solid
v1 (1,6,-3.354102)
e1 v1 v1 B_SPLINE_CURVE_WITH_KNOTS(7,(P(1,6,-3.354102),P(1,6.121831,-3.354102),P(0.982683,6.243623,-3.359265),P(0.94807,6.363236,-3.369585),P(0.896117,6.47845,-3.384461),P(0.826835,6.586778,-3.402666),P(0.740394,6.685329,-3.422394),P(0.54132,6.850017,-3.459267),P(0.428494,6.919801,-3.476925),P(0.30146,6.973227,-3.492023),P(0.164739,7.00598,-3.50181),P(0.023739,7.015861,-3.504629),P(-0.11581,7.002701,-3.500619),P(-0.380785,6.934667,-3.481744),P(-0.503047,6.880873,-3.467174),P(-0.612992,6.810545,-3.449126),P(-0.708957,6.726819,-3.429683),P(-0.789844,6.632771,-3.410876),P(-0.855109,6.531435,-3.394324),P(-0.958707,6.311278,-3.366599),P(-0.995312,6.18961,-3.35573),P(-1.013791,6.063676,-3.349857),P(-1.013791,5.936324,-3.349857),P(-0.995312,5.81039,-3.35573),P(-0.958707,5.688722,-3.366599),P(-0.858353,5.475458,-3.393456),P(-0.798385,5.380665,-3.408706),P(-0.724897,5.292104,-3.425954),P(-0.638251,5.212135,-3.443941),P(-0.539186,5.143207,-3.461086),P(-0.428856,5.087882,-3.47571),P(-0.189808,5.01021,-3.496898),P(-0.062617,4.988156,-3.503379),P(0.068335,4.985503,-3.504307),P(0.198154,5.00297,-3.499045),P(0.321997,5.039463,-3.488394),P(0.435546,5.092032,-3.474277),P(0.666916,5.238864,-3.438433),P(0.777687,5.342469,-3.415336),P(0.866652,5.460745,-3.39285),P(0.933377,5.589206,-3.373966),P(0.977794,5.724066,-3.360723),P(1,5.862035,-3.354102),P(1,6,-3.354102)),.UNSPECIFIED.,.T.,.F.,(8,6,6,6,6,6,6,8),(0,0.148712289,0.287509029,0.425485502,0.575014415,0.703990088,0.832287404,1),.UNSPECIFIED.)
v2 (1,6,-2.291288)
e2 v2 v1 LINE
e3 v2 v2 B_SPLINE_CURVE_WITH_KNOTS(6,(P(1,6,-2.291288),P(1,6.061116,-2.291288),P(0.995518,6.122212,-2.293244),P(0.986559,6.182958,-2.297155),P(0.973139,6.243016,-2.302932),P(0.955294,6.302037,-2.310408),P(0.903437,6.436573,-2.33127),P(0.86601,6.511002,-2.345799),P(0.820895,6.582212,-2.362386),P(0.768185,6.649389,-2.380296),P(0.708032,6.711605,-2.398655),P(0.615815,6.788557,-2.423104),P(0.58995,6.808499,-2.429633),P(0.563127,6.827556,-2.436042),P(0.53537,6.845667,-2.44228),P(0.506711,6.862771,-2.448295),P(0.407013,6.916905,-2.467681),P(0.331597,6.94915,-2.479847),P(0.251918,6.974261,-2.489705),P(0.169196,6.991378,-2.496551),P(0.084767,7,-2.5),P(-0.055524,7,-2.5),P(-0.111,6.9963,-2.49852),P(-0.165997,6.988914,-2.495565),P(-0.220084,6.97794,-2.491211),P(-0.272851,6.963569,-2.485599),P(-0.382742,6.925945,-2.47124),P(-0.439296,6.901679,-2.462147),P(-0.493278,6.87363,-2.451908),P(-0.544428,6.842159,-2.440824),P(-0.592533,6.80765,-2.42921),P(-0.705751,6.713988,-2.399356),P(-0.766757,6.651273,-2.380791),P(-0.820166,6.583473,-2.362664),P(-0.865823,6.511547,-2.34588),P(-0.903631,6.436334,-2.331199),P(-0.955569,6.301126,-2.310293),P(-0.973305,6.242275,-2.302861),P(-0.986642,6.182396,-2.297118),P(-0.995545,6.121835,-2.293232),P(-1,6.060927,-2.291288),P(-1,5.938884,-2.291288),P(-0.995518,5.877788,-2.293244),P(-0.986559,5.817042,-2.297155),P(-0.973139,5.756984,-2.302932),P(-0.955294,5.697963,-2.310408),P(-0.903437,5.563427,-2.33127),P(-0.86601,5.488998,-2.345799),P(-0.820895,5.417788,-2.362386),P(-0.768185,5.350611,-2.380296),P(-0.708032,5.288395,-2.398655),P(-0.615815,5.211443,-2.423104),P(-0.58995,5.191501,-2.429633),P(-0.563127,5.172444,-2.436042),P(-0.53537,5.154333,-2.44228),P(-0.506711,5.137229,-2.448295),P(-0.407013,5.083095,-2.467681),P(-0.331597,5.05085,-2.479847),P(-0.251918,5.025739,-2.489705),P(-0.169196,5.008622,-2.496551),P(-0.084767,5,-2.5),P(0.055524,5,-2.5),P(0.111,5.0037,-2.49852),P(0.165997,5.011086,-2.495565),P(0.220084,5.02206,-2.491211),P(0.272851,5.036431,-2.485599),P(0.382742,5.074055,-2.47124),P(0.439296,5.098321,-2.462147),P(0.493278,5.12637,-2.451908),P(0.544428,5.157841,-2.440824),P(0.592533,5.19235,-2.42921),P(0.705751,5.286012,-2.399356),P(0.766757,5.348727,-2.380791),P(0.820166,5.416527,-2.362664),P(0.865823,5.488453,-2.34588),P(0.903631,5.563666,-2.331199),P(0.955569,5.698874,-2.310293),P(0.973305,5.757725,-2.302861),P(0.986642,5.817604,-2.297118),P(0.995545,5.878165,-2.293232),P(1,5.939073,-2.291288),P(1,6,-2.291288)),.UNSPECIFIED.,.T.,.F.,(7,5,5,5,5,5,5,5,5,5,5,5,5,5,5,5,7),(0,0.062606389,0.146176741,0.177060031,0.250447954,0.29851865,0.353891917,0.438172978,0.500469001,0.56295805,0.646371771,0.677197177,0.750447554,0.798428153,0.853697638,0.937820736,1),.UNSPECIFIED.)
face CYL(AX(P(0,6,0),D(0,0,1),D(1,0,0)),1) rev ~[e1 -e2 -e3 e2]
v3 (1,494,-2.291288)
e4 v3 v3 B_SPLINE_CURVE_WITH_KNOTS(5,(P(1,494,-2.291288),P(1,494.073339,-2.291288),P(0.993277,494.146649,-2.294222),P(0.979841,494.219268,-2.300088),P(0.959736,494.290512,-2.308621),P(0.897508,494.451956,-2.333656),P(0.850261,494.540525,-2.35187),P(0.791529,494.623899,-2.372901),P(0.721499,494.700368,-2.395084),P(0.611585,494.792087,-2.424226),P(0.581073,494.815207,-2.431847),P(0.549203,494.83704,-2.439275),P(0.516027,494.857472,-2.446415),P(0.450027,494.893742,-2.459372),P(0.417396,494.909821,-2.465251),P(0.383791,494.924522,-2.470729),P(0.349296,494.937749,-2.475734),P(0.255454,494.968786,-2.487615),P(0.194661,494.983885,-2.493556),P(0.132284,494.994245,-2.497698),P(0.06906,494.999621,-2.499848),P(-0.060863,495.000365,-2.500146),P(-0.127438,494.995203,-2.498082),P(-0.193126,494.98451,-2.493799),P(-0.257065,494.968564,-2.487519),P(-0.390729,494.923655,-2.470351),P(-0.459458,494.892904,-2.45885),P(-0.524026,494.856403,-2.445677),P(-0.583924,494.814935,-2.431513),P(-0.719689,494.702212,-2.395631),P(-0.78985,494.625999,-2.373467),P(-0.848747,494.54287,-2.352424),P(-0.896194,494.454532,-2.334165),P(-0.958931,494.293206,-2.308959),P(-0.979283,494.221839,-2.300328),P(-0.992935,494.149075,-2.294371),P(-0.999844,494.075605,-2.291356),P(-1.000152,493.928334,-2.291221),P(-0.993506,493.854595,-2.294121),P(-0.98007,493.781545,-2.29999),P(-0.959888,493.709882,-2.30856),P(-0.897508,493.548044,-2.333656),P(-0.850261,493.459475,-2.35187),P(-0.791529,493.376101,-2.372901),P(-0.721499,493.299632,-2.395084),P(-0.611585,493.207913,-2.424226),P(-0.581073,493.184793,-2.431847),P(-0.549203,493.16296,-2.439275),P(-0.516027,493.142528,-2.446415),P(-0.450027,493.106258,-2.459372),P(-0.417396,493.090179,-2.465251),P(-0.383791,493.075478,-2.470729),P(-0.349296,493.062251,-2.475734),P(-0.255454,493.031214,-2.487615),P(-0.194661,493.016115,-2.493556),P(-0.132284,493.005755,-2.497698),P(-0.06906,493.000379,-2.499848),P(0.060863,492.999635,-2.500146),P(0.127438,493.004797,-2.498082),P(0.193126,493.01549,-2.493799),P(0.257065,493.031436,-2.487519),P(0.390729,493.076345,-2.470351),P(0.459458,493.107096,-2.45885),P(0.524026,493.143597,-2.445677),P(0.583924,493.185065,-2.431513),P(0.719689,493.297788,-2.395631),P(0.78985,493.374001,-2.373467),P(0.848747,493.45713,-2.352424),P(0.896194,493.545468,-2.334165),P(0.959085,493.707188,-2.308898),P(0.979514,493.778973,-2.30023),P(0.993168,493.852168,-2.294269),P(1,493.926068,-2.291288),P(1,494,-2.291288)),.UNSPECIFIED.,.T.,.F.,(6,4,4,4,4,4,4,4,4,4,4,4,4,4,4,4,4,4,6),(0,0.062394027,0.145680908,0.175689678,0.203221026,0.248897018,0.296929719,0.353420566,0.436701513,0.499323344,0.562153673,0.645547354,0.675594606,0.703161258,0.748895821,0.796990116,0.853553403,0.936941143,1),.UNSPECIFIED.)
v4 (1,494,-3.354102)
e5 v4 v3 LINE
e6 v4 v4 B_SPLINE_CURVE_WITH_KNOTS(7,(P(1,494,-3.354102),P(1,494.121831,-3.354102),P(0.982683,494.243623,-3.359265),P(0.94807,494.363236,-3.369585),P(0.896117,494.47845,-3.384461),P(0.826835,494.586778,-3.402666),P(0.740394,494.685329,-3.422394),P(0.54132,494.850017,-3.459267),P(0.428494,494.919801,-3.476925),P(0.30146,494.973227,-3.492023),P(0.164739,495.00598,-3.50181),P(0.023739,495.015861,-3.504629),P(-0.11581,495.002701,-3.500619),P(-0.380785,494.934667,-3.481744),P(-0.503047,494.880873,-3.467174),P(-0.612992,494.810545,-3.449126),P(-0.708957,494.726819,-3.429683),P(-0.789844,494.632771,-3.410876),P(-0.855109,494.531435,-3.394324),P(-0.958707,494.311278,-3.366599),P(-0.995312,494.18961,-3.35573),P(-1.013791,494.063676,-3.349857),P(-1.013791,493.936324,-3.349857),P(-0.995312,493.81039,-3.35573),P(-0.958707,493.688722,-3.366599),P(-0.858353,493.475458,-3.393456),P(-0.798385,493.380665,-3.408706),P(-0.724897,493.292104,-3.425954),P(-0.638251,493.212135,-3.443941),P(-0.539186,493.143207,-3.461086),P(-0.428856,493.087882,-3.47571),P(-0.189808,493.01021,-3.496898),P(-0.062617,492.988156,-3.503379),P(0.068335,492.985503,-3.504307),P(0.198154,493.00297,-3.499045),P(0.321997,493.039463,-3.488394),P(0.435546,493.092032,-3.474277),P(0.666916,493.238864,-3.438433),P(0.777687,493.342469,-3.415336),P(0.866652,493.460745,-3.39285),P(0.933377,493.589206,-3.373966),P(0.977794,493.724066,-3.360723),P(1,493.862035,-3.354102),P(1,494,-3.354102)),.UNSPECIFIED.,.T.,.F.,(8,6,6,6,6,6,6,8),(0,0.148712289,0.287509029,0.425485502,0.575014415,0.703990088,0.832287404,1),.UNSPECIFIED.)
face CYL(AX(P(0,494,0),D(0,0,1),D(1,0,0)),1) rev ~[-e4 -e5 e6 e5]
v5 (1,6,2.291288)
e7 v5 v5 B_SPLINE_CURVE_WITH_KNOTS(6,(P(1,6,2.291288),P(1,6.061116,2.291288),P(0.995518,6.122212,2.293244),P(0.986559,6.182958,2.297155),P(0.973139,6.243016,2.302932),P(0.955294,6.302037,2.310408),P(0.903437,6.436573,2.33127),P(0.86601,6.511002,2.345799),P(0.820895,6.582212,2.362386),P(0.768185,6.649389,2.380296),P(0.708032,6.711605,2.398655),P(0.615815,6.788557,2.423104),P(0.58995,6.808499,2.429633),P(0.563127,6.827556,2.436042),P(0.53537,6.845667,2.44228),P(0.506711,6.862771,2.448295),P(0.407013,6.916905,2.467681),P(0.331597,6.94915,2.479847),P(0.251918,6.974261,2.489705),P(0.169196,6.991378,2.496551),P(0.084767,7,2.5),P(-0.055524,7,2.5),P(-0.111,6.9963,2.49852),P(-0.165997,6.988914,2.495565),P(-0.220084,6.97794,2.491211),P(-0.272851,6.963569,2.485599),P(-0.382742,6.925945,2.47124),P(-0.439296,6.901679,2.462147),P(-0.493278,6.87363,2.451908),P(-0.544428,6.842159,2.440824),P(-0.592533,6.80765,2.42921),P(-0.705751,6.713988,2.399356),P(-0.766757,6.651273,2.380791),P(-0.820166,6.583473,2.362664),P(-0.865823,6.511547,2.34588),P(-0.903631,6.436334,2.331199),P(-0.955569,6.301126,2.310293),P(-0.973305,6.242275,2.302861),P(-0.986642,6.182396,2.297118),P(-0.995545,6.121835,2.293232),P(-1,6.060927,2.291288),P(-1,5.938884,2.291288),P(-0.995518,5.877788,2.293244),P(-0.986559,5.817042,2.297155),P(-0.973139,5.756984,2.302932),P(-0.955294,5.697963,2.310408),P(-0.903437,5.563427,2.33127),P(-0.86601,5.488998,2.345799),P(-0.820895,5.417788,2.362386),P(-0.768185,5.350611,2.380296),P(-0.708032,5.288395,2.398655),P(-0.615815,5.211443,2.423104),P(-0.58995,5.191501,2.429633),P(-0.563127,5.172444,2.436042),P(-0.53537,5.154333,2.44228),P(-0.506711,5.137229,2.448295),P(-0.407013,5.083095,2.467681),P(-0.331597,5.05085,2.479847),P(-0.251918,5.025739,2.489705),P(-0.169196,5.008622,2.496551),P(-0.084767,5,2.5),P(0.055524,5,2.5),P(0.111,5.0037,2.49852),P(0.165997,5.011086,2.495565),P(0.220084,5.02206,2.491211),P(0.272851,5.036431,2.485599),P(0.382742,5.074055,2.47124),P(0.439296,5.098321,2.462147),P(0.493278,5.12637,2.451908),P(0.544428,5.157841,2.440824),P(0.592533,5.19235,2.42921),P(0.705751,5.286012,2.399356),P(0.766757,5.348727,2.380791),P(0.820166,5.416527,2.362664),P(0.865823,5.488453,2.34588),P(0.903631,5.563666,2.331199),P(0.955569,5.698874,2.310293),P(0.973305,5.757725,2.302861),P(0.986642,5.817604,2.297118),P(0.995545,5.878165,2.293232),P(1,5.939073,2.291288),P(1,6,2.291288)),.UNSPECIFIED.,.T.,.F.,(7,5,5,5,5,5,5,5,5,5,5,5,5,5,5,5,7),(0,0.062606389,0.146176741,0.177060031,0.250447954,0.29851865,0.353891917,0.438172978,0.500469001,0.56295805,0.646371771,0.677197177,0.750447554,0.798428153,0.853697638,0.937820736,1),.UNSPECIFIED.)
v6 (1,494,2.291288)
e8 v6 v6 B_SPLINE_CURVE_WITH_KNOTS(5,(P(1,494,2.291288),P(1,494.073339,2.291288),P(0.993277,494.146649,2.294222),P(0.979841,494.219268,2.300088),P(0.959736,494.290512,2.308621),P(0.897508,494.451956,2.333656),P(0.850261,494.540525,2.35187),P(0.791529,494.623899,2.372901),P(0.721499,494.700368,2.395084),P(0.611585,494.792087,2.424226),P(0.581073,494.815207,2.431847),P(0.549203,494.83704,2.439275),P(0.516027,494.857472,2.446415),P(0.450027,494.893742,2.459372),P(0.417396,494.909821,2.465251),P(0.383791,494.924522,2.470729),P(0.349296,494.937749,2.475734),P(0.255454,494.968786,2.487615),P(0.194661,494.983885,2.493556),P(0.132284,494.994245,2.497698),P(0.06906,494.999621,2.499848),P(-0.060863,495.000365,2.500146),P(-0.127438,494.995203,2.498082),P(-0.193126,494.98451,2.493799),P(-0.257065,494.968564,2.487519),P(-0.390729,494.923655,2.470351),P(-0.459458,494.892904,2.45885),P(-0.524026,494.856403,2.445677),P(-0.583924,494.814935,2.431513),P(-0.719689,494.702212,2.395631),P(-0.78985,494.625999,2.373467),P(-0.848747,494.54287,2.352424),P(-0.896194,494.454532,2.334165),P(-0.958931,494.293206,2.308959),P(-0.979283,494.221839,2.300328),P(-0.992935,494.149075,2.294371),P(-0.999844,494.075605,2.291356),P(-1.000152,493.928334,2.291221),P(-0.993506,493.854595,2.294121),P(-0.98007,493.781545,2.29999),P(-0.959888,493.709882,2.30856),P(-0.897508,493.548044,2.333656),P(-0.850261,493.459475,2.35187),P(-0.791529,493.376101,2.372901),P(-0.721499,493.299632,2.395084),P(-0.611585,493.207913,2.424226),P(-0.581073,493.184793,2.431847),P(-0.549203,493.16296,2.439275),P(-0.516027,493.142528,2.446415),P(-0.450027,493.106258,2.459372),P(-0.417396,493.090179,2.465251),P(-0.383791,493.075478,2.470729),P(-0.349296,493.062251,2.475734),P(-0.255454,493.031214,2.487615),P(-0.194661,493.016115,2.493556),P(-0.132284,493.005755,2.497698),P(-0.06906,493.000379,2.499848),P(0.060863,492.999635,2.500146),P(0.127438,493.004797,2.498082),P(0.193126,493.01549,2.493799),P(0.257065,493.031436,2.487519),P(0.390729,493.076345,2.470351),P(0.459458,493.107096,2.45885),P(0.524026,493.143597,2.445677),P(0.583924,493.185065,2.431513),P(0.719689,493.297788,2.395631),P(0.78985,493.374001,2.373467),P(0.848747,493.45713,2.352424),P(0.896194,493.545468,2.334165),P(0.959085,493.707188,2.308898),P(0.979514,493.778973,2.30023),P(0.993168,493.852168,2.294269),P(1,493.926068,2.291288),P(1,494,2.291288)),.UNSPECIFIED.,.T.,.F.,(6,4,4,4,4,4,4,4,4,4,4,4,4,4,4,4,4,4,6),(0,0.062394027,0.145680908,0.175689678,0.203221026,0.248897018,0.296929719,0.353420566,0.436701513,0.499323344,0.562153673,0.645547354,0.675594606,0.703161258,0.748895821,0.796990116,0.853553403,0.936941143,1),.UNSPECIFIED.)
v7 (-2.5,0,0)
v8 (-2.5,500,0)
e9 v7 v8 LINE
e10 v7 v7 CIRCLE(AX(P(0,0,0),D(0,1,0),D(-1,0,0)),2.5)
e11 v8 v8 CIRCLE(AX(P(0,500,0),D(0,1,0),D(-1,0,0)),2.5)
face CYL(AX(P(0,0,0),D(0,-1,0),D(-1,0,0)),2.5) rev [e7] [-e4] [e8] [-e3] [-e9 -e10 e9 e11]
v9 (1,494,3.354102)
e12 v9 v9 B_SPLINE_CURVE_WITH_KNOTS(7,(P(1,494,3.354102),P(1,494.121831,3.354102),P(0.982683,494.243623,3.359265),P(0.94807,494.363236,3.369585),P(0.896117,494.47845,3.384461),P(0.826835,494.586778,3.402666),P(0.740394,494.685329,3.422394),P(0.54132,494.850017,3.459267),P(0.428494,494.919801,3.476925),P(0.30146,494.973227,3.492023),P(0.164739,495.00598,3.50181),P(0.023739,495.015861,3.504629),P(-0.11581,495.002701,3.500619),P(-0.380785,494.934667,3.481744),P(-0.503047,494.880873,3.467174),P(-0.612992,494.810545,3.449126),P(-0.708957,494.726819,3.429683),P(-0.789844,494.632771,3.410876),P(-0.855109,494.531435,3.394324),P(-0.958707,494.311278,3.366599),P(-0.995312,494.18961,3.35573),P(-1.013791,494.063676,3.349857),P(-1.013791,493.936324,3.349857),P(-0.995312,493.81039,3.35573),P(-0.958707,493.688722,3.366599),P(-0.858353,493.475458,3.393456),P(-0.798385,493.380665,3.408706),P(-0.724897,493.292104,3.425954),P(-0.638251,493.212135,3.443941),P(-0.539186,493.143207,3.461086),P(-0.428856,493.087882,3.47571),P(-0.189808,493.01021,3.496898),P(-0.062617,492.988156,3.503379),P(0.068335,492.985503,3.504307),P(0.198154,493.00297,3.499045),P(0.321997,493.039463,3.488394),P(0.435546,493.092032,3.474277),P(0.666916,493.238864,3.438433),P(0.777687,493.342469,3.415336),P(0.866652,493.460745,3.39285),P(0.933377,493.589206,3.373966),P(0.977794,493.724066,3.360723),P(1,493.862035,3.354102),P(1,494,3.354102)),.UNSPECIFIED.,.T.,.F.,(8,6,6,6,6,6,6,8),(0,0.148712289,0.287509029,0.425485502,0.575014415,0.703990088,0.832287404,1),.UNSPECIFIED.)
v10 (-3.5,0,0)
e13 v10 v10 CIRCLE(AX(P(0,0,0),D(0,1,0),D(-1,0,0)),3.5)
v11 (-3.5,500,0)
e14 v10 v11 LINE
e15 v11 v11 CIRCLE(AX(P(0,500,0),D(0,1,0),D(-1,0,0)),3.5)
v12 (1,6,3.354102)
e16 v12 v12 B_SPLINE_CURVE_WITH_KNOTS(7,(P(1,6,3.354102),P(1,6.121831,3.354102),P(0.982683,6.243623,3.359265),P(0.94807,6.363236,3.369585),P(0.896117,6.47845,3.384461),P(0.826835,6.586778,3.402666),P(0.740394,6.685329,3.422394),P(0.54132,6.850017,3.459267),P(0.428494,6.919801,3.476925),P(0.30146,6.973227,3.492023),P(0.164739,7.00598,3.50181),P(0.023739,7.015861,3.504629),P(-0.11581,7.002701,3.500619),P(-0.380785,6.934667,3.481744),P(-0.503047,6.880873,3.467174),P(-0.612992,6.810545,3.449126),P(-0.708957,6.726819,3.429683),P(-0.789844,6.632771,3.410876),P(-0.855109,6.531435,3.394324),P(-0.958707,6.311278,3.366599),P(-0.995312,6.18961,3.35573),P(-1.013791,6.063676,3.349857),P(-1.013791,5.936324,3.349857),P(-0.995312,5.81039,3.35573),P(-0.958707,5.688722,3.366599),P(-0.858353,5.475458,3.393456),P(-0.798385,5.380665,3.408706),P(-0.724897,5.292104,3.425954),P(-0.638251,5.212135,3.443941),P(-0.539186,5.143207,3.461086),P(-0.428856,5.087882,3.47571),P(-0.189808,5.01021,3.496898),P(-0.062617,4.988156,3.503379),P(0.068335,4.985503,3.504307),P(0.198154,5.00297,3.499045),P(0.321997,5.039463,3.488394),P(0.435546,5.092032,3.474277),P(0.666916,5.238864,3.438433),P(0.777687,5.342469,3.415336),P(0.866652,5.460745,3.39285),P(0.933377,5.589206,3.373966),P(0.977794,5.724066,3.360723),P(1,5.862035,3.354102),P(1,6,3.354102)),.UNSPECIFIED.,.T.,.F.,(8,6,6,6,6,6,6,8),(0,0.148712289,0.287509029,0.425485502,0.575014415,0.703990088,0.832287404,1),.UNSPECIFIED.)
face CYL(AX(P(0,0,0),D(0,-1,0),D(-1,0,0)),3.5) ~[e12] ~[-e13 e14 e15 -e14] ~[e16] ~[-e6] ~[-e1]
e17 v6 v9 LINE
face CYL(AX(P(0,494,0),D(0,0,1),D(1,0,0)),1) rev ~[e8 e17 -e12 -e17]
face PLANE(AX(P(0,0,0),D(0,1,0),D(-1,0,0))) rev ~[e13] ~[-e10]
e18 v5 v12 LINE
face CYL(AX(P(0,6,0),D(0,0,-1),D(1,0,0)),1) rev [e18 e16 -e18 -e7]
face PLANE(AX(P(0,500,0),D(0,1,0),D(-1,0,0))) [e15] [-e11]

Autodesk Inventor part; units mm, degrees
ref_plane "YZ Plane" through (0, 0, 0) normal (1, 0, 0) x (0, 1, 0)
ref_plane "XZ Plane" through (0, 0, 0) normal (0, 1, 0) x (-1, 0, 0)
ref_plane "XY Plane" through (0, 0, 0) normal (0, 0, 1) x (1, 0, 0)
sketch "Sketch2" plane through (0, 0, 0) normal (0, 1, 0) x (-1, 0, 0)
  circle A0 centre (0, 0) radius 3.5
  circle A1 centre (0, 0) radius 2.5
  dimension "d91" = 7
  dimension "d92" = 5
extrude "Extrusion5" add sketch "Sketch2" along normal blind 500
sketch "Sketch3" plane through (0, 0, 0) normal (0, 0, 1) x (1, 0, 0)
  line L0 (0, 0) -> (0, 6) construction
  circle A0 centre (0, 6) radius 1
  line L1 (3.5, 500) -> (-3.5, 500) projected
  line L2 (0, 500) -> (0, 494)
  circle A1 centre (0, 494) radius 1
  dimension "d95" = 6
  dimension "d96" = 2
  dimension "d97" = 6
  dimension "d98" = 2
extrude "Extrusion6" cut sketch "Sketch3" along normal blind 10 and the other way blind 10
properties part number "airfoil"
